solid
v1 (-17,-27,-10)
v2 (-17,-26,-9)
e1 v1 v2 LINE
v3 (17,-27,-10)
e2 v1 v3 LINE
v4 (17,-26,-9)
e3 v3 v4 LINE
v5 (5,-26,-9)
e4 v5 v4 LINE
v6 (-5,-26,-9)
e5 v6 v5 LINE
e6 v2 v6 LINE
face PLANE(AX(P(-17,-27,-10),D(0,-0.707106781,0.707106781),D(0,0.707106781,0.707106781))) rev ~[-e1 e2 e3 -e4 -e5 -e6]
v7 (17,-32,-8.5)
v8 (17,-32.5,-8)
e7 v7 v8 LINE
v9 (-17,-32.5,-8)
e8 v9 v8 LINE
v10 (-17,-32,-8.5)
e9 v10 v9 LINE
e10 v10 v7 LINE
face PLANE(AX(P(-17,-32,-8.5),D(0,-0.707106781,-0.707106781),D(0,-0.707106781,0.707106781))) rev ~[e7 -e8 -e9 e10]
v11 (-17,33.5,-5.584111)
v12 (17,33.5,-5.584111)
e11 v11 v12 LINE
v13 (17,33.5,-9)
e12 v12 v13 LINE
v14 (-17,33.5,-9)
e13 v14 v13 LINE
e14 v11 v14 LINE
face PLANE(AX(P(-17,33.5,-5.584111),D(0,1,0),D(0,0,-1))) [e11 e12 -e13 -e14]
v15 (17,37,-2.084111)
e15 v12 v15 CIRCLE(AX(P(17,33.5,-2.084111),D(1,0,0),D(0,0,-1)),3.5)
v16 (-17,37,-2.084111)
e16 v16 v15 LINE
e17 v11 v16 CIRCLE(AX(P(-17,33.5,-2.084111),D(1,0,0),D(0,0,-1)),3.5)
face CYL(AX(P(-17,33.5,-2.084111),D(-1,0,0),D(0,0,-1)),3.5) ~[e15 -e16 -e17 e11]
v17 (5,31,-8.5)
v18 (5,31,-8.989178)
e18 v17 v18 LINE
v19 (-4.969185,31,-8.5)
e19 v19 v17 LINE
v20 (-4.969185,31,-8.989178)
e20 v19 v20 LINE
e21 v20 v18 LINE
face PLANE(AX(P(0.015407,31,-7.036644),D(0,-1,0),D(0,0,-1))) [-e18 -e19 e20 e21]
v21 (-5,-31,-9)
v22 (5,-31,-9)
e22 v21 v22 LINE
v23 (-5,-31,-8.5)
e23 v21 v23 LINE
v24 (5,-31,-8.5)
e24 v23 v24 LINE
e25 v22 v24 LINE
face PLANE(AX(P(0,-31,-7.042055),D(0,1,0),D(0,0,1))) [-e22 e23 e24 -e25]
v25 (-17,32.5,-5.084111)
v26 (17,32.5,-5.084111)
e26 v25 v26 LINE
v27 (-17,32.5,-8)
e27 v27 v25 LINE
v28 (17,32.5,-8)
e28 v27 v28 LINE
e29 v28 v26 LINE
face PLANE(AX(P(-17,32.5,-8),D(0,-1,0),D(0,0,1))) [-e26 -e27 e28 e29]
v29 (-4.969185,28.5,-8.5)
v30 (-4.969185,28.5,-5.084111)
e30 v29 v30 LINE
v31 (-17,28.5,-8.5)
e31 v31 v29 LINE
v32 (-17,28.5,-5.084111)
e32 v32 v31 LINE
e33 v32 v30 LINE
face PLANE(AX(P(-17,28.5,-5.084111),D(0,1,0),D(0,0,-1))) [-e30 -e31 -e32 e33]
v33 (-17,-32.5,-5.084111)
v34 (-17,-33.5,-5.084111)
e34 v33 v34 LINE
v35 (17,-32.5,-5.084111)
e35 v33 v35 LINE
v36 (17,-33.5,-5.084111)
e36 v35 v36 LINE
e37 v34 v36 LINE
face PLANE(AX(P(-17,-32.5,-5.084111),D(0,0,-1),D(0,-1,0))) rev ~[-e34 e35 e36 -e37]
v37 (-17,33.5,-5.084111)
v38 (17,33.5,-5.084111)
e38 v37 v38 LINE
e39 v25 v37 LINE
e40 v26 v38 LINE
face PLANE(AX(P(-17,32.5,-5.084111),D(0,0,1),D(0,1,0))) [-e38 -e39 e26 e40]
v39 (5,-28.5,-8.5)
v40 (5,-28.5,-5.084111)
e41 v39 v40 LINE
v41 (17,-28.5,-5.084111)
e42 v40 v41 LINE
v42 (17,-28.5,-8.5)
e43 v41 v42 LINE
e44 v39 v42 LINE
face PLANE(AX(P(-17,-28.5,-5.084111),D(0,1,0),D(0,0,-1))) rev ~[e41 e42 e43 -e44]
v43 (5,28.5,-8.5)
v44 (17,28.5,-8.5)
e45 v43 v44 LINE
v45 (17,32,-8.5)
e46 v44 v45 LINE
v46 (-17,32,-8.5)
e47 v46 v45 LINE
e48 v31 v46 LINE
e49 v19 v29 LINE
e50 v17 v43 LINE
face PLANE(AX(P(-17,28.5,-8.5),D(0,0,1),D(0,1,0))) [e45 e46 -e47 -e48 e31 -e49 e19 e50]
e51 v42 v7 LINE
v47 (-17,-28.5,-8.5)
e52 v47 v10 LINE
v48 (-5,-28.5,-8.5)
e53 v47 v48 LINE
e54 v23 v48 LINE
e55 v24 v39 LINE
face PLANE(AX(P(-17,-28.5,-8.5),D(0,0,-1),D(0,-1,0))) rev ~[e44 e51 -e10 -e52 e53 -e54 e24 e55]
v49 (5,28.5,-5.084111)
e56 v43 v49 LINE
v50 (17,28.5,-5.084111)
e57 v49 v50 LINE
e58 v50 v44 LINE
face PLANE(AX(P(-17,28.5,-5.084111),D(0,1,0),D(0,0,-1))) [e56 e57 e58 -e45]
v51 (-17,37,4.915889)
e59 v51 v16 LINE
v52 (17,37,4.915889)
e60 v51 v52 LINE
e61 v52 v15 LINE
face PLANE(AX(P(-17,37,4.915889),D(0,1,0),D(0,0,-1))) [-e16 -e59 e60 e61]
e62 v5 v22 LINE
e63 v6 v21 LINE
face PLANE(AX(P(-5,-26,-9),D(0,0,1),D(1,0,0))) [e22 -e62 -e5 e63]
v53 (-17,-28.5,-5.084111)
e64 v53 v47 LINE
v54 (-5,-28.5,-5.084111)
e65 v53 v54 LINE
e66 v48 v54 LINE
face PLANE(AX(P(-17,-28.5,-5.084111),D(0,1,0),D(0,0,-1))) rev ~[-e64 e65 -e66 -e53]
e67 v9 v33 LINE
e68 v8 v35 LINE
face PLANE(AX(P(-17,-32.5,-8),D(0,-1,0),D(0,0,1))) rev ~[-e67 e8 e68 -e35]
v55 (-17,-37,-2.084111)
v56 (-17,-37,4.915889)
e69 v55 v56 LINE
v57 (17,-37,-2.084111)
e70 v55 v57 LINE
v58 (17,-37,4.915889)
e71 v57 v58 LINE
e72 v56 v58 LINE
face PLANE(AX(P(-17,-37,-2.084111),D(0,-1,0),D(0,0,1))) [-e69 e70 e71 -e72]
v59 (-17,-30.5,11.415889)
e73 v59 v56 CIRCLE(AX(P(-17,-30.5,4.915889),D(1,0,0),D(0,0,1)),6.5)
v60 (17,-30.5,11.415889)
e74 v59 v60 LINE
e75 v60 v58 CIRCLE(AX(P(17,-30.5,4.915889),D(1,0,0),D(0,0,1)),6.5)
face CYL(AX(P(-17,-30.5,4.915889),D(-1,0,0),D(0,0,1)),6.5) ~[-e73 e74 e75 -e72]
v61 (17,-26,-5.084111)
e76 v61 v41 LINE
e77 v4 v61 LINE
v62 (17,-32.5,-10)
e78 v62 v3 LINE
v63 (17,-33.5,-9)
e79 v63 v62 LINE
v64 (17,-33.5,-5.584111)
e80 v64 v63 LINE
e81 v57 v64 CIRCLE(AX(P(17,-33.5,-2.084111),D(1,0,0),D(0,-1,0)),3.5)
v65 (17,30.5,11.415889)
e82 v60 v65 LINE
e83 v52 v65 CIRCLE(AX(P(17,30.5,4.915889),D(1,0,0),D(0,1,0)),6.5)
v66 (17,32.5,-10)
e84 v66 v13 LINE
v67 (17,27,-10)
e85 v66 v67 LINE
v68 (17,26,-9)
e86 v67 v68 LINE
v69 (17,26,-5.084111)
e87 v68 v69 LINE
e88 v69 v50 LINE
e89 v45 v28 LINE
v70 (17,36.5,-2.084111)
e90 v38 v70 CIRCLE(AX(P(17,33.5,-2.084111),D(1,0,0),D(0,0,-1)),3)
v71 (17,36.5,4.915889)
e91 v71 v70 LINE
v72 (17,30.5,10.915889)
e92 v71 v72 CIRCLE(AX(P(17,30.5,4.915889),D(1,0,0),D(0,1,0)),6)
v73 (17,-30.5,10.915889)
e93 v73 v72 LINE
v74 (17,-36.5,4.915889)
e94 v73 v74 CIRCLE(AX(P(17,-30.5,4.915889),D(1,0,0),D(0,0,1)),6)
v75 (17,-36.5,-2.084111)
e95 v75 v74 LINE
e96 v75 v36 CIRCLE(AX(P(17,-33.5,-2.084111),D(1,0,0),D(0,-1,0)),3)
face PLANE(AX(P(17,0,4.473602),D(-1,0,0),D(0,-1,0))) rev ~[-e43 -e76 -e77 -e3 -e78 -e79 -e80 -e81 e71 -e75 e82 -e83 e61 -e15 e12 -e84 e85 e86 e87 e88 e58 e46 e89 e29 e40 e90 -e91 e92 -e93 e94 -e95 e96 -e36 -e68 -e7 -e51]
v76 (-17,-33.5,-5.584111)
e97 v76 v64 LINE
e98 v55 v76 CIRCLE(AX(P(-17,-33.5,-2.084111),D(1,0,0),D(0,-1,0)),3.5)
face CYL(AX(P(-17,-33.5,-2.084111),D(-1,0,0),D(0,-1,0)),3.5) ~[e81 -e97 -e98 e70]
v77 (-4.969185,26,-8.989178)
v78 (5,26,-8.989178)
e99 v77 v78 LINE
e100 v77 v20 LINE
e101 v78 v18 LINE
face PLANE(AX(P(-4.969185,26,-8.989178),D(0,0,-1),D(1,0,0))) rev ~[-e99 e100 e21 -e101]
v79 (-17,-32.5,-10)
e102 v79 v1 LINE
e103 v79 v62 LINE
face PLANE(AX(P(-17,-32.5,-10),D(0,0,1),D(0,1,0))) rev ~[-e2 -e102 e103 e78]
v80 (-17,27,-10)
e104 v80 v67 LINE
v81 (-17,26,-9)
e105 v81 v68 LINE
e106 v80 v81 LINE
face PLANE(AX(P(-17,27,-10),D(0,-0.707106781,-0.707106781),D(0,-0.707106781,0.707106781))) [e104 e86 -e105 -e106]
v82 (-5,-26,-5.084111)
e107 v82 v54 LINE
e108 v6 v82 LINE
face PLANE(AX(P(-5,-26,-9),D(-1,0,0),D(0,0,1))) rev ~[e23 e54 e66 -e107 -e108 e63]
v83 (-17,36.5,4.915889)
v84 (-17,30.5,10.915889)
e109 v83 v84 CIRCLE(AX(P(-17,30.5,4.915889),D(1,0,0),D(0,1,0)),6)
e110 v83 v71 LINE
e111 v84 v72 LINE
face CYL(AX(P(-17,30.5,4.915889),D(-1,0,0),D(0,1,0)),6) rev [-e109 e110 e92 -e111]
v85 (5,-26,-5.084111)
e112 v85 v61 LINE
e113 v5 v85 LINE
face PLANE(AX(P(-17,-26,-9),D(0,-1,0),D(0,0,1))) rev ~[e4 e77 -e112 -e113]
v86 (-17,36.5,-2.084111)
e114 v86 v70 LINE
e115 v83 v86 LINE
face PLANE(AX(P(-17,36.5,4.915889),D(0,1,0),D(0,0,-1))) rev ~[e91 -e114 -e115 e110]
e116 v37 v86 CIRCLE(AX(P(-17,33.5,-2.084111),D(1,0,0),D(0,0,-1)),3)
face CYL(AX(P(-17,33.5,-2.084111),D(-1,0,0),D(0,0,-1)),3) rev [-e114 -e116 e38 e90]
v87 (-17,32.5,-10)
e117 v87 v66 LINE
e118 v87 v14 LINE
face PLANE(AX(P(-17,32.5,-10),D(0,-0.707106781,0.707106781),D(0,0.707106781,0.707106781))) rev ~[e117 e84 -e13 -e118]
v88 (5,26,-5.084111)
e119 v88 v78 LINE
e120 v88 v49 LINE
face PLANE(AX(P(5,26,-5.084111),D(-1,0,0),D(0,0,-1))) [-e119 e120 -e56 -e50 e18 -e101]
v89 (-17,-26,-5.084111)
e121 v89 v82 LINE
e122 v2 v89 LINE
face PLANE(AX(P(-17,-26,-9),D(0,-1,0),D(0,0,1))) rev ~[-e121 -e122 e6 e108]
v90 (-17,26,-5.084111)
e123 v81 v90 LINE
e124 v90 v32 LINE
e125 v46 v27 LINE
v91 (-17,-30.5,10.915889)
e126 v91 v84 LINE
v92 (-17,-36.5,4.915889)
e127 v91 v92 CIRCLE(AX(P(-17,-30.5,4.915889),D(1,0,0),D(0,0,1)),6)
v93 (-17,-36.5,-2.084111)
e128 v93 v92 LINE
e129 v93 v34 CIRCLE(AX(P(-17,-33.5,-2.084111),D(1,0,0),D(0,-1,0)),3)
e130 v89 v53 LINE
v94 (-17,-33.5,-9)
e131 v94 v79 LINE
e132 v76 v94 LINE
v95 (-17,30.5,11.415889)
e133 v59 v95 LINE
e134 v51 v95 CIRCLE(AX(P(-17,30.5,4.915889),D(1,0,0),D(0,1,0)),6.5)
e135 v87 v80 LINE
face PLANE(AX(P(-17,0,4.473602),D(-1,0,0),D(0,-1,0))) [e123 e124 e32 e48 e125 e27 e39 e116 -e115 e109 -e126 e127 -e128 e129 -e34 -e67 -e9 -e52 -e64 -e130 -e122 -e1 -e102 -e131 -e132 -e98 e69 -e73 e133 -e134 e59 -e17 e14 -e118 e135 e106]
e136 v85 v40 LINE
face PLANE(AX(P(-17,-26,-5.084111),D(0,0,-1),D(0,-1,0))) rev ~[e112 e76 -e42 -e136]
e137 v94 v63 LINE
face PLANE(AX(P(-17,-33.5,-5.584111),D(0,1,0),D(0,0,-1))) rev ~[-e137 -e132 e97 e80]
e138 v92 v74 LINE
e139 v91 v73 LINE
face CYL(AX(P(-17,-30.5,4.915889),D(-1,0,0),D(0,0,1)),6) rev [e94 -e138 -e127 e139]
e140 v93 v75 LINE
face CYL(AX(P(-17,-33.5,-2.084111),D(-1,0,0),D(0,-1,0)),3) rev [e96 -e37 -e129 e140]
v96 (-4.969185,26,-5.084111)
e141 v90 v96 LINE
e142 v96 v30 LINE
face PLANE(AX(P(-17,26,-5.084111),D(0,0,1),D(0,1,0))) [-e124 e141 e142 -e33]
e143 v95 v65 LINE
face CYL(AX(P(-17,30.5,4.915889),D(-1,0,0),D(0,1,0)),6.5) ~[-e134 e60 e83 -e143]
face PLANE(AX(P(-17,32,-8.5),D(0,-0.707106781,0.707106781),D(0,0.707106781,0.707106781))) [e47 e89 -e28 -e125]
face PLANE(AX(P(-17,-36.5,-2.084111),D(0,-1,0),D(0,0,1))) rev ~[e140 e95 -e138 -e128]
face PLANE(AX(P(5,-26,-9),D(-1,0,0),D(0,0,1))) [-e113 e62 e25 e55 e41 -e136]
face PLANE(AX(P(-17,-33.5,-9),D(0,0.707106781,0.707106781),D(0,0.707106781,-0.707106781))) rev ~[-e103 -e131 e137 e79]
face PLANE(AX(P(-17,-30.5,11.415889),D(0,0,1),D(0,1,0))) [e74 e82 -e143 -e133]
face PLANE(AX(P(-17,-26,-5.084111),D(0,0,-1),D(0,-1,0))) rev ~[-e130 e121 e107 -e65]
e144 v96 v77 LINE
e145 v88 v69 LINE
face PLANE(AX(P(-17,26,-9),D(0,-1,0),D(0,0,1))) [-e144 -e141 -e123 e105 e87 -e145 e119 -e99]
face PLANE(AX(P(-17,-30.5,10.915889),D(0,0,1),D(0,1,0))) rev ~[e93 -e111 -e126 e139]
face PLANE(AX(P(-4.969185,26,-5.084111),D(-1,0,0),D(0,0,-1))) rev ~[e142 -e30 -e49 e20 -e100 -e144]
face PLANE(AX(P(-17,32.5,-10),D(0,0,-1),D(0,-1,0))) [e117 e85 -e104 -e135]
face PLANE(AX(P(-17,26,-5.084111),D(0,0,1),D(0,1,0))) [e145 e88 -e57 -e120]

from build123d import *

# Parameters (mm, degrees)
PAD022_DEPTH    = 34
SKETCH057_W     = 3.9158892559
SKETCH057_H     = 10
POCKET030_DEPTH = 5
SKETCH058_W     = 3.9050672559
SKETCH058_H     = 9.969185
POCKET031_DEPTH = 5


with BuildPart() as part:
    # Sketch056 → Pad022 (new body)
    with BuildSketch(Plane.YZ):
        with BuildLine():
            Line((-30.5, 22.4158892559), (30.5, 22.4158892559))
            ThreePointArc((37, 15.9158892559), (35.0961940777, 20.5120833336), (30.5, 22.4158892559))
            Line((37, 15.9158892559), (37, 8.9158892559))
            ThreePointArc((33.5, 5.4158892559), (35.9748737342, 6.4410155217), (37, 8.9158892559))
            Line((33.5, 5.4158892559), (33.5, 2))
            Line((32.5, 1), (33.5, 2))
            Line((32.5, 1), (27, 1))
            Line((27, 1), (26, 2))
            Line((26, 2), (26, 5.9158892559))
            Line((26, 5.9158892559), (28.5, 5.9158892559))
            Line((28.5, 5.9158892559), (28.5, 2.5))
            Line((28.5, 2.5), (32, 2.5))
            Line((32, 2.5), (32.5, 3))
            Line((32.5, 3), (32.5, 5.9158892559))
            Line((32.5, 5.9158892559), (33.5, 5.9158892559))
            ThreePointArc((33.5, 5.9158892559), (35.6213203436, 6.7945689123), (36.5, 8.9158892559))
            Line((36.5, 15.9158892559), (36.5, 8.9158892559))
            ThreePointArc((36.5, 15.9158892559), (34.7426406871, 20.158529943), (30.5, 21.9158892559))
            Line((-30.5, 21.9158892559), (30.5, 21.9158892559))
            ThreePointArc((-30.5, 21.9158892559), (-34.7426406871, 20.158529943), (-36.5, 15.9158892559))
            Line((-36.5, 8.9158892559), (-36.5, 15.9158892559))
            ThreePointArc((-36.5, 8.9158892559), (-35.6213203436, 6.7945689123), (-33.5, 5.9158892559))
            Line((-32.5, 5.9158892559), (-33.5, 5.9158892559))
            Line((-32.5, 3), (-32.5, 5.9158892559))
            Line((-32, 2.5), (-32.5, 3))
            Line((-28.5, 2.5), (-32, 2.5))
            Line((-28.5, 5.9158892559), (-28.5, 2.5))
            Line((-26, 5.9158892559), (-28.5, 5.9158892559))
            Line((-26, 2), (-26, 5.9158892559))
            Line((-27, 1), (-26, 2))
            Line((-32.5, 1), (-27, 1))
            Line((-33.5, 2), (-32.5, 1))
            Line((-33.5, 5.4158892559), (-33.5, 2))
            ThreePointArc((-37, 8.9158892559), (-35.9748737342, 6.4410155217), (-33.5, 5.4158892559))
            Line((-37, 8.9158892559), (-37, 15.9158892559))
            ThreePointArc((-30.5, 22.4158892559), (-35.0961940777, 20.5120833336), (-37, 15.9158892559))
        make_face()
    extrude(amount=PAD022_DEPTH)

    # Sketch057 (on Face31 of Pad022) → Pocket030 (cut)
    with BuildSketch(Plane.ZX.offset(-26)):
        with Locations((3.9579446279, 17)):
            Rectangle(SKETCH057_W, SKETCH057_H)
    extrude(amount=-POCKET030_DEPTH, mode=Mode.SUBTRACT)

    # Sketch058 (on Face15 of Pocket030) → Pocket031 (cut)
    with BuildSketch(Plane(origin=(0, 26, 0), x_dir=(0, 0, -1), z_dir=(0, -1, 0))):
        with Locations((-3.9633556279, 17.0154075)):
            Rectangle(SKETCH058_W, SKETCH058_H)
    extrude(amount=-POCKET031_DEPTH, mode=Mode.SUBTRACT)


with BuildPart() as part_1:
    # Body007 placement: moved
    add(part.part.moved(Location((-17, 0, -11))))


solid = part_1.part
